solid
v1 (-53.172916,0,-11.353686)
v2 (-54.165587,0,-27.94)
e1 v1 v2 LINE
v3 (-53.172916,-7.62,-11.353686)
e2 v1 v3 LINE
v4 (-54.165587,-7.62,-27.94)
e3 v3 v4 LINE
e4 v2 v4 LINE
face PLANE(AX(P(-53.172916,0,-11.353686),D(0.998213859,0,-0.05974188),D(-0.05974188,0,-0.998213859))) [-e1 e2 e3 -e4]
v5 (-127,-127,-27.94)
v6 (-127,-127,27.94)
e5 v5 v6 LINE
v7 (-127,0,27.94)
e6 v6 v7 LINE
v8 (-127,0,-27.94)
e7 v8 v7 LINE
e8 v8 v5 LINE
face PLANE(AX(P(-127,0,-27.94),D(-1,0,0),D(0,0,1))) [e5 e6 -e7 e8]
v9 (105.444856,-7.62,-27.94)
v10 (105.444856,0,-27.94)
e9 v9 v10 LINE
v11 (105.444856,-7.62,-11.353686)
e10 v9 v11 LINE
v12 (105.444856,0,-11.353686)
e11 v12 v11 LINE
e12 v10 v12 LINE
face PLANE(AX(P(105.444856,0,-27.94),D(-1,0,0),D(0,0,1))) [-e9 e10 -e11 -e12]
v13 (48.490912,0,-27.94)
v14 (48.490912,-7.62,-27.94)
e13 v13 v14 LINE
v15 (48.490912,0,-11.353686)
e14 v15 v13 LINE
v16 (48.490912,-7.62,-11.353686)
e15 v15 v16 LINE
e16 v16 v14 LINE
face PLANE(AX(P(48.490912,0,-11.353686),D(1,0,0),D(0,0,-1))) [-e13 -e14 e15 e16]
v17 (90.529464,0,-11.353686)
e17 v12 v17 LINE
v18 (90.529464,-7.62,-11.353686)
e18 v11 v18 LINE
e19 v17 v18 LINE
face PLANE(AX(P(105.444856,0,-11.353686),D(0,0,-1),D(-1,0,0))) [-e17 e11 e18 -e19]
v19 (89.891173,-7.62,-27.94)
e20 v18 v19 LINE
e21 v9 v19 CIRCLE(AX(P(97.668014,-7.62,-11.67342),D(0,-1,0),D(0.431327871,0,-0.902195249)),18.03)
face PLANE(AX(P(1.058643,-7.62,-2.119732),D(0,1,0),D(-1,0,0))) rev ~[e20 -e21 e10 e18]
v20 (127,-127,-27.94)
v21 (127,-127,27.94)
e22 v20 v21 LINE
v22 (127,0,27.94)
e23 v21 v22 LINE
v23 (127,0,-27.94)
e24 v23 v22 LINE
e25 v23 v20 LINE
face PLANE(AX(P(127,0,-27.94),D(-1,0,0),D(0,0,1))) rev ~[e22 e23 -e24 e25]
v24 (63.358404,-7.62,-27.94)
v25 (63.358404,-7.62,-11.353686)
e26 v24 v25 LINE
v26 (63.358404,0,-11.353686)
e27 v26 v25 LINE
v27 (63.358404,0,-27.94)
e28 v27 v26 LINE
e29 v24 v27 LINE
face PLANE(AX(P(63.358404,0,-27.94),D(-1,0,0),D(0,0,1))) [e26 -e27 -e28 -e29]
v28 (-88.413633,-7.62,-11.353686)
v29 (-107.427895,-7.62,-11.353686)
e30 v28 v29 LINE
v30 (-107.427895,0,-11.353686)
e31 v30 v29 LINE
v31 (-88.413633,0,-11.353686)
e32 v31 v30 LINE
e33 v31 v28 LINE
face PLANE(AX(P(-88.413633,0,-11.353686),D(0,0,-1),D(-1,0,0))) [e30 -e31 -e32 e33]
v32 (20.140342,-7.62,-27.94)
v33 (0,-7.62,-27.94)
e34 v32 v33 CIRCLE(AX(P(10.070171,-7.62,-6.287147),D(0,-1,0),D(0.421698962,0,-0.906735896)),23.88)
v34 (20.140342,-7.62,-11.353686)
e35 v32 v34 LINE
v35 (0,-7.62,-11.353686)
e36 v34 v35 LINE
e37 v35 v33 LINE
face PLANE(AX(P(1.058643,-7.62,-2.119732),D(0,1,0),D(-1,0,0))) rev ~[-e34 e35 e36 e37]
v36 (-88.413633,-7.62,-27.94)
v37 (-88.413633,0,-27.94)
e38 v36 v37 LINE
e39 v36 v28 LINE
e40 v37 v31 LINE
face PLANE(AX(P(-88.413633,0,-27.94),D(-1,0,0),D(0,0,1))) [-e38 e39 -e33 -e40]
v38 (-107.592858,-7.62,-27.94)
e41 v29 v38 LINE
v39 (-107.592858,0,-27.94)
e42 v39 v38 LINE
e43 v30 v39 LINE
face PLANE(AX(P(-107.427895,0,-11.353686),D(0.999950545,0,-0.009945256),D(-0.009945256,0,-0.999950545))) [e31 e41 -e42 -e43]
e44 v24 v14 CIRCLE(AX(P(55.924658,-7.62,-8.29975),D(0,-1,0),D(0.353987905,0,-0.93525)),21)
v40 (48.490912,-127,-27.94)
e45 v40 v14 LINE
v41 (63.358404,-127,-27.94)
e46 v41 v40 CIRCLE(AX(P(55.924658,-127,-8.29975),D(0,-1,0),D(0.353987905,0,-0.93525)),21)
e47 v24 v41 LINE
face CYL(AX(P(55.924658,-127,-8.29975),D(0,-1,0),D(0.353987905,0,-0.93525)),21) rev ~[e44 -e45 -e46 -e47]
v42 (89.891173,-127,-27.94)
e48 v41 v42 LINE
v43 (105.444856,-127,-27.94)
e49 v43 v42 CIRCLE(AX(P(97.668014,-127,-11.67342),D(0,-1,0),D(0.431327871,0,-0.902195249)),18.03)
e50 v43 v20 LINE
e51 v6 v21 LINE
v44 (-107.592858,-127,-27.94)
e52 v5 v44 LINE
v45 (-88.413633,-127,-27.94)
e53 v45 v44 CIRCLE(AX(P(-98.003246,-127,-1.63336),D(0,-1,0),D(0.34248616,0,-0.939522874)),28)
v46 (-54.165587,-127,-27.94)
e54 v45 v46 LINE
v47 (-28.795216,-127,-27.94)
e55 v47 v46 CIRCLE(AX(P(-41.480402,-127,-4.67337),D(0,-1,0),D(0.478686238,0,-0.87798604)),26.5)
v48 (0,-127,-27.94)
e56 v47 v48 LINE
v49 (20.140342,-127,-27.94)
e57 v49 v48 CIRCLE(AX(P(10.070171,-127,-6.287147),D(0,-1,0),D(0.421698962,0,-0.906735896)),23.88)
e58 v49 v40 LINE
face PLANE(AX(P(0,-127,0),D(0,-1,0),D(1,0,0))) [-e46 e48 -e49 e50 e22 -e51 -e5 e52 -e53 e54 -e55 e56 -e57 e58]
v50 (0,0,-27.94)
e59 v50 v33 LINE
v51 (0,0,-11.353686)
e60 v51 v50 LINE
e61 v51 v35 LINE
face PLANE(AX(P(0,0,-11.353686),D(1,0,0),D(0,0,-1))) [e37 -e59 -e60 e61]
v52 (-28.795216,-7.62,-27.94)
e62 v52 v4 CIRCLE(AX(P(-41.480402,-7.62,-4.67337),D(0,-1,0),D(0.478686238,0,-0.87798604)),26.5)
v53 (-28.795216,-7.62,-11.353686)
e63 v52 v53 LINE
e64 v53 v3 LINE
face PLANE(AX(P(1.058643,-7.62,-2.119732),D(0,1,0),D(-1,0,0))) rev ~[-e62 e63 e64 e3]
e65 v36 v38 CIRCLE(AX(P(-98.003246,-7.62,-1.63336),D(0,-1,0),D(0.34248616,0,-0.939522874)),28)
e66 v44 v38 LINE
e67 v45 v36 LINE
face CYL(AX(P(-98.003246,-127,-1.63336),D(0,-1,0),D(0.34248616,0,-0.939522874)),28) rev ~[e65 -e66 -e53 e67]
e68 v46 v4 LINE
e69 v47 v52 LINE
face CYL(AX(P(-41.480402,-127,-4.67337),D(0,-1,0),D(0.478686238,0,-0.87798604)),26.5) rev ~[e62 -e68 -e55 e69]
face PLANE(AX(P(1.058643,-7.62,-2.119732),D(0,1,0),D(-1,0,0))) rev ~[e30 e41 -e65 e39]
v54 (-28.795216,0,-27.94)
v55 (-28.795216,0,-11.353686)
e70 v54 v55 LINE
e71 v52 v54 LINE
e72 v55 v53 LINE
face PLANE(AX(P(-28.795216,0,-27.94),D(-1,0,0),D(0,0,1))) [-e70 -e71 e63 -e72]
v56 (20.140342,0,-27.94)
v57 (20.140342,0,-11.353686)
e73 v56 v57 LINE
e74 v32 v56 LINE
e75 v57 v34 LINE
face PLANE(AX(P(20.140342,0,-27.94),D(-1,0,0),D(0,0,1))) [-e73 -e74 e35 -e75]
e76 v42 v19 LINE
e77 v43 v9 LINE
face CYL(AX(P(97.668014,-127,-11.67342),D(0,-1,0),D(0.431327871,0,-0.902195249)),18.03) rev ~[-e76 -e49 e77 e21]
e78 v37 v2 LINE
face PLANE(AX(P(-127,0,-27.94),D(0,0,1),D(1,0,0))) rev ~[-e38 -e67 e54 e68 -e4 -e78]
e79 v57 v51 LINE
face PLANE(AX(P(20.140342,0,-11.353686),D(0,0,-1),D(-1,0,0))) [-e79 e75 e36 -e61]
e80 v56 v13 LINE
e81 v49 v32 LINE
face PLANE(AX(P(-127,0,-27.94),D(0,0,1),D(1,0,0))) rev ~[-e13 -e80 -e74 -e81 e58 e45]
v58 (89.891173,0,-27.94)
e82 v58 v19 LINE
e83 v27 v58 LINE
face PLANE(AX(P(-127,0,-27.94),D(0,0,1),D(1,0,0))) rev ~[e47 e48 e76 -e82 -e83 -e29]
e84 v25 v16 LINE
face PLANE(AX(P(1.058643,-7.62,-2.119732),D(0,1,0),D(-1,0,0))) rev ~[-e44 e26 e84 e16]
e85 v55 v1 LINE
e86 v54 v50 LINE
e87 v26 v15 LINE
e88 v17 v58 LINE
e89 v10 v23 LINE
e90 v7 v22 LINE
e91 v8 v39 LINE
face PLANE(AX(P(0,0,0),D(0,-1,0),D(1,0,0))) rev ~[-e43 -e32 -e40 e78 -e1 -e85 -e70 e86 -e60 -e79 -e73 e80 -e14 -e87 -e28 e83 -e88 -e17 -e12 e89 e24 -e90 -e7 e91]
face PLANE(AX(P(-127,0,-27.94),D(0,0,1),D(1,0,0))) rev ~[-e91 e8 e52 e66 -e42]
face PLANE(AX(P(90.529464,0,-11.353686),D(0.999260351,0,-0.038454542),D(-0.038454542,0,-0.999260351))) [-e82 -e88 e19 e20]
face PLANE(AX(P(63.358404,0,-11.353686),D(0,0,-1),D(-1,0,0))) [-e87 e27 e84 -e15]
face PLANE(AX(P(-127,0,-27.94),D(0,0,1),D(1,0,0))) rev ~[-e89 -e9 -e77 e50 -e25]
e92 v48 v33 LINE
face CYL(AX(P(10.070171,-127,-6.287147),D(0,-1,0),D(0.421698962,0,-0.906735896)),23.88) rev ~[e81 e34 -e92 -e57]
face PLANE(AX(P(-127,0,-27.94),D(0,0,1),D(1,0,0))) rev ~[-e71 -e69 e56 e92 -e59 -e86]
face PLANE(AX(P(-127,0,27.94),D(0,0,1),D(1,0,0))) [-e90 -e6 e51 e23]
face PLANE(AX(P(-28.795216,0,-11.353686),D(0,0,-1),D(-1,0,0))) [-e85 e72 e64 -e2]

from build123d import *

# Parameters (mm, degrees)
F0_W      = 254
F0_H      = 55.88
F1_DEPTH  = 127
F7_DEPTH  = 251.46
F8_DEPTH  = 251.46
F9_DEPTH  = 251.46
F10_DEPTH = 251.46
F11_DEPTH = 251.46
F12_W     = 18.410387516
F12_H     = 1.8
F12_W_2   = 28.7952162325
F12_W_3   = 28.3505693078
F12_W_4   = 10.2531584787
F13_DEPTH = 28.702
F14_W     = 21.5115528554
F14_H     = 27.94
F14_W_2   = 16.9484987855
F15_DEPTH = 76.2
F17_DEPTH = 7.62


with BuildPart() as f1:
    # F0 (on Front) → F1 (new body)
    with BuildSketch(Plane.XZ):
        Rectangle(F0_W, F0_H)
    extrude(amount=F1_DEPTH)

    # F6 (on face) → F7 (cut)
    with BuildSketch(Plane.XZ.offset(127)):
        with BuildLine():
            ThreePointArc((105.444855988, -27.94), (97.6680144668, 6.3565803399), (89.8911729455, -27.94))
            Line((89.8911729455, -27.94), (105.444855988, -27.94))
        make_face()
    extrude(amount=-F7_DEPTH, mode=Mode.SUBTRACT)

    # F5 (on face) → F8 (cut)
    with BuildSketch(Plane.XZ.offset(127)):
        with BuildLine():
            ThreePointArc((63.3584037423, -27.94), (55.9246577322, 12.700250005), (48.4909117222, -27.94))
            Line((48.4909117222, -27.94), (63.3584037423, -27.94))
        make_face()
    extrude(amount=-F8_DEPTH, mode=Mode.SUBTRACT)

    # F4 (on face) → F9 (cut)
    with BuildSketch(Plane.XZ.offset(127)):
        with BuildLine():
            ThreePointArc((20.1403424144, -27.94), (10.0701712072, 17.5928532036), (0, -27.94))
            Line((0, -27.94), (20.1403424144, -27.94))
        make_face()
    extrude(amount=-F9_DEPTH, mode=Mode.SUBTRACT)

    # F3 (on face) → F10 (cut)
    with BuildSketch(Plane.XZ.offset(127)):
        with BuildLine():
            ThreePointArc((-28.7952162325, -27.94), (-41.4804015309, 21.8266300514), (-54.1655868292, -27.94))
            Line((-54.1655868292, -27.94), (-28.7952162325, -27.94))
        make_face()
    extrude(amount=-F10_DEPTH, mode=Mode.SUBTRACT)

    # F2 (on face) → F11 (cut)
    with BuildSketch(Plane.XZ.offset(127)):
        with BuildLine():
            Line((-107.5928583741, -27.94), (-88.4136334062, -27.94))
            ThreePointArc((-88.4136334062, -27.94), (-98.0032458901, 26.3666404622), (-107.5928583741, -27.94))
        make_face()
    extrude(amount=-F11_DEPTH, mode=Mode.SUBTRACT)

    # F12 (on face) → F13 (cut)
    with BuildSketch(Plane(origin=(0, 0, -27.94), x_dir=(1, 0, 0), z_dir=(0, 0, -1))):
        with Locations((-116.7980521321, 3.44)):
            Rectangle(F12_W, F12_H)
        Polygon((-70.0032458901, 4.34), (-88.4136334062, 4.34), (-88.4136334062, 2.54), (-70.0032458901, 2.54), (-54.1655868292, 2.54), (-54.1655868292, 4.34), align=None)
        with Locations((-14.3976081163, 3.44)):
            Rectangle(F12_W_2, F12_H)
        with Locations((34.3156270683, 3.44)):
            Rectangle(F12_W_3, F12_H)
        Polygon((89.8911729455, 4.34), (63.3584037423, 4.34), (63.3584037423, 2.54), (79.6380144668, 2.54), (89.8911729455, 2.54), align=None)
        with Locations((110.5714352274, 3.44)):
            Rectangle(F12_W_4, F12_H)
    extrude(amount=-F13_DEPTH, mode=Mode.SUBTRACT)

    # F14 (on face) → F15 (cut)
    with BuildSketch(Plane(origin=(0, 0, 0), x_dir=(-1, 0, 0), z_dir=(0, 1, 0))):
        Polygon((-91.1045372486, -21.9016313345), (-104.6037971973, -25.1468683294), (-104.6037971973, -27.94), (-91.1045372486, -27.94), align=None)
        Polygon((-104.6037971973, 0), (-104.6037971973, -25.1468683294), (-91.1045372486, -21.9016313345), (-91.1045372486, 0), align=None)
        with BuildLine():
            Line((-48.8363243639, -11.7403062927), (-63.663393259, -15.3047500242))
            Line((-63.663393259, -15.3047500242), (-63.663393259, -27.8218393414))
            ThreePointArc((-63.663393259, -27.8218393414), (-63.5111285509, -27.8815134631), (-63.3584037423, -27.94))
            Line((-63.3584037423, -27.94), (-48.8363243639, -27.94))
            Line((-48.8363243639, -27.94), (-48.8363243639, -11.7403062927))
        make_face()
        Polygon((-63.663393259, 0), (-63.663393259, -15.3047500242), (-48.8363243639, -11.7403062927), (-48.8363243639, 0), align=None)
        with BuildLine():
            ThreePointArc((-81.4663434771, -19.5845989112), (-101.8823771095, 5.857126467), (-108.5034271854, -26.0843436838))
            Line((-108.5034271854, -26.0843436838), (-104.6037971973, -25.1468683294))
            Line((-104.6037971973, -25.1468683294), (-104.6037971973, 0))
            Line((-104.6037971973, 0), (-91.1045372486, 0))
            Line((-91.1045372486, 0), (-91.1045372486, -21.9016313345))
            Line((-91.1045372486, -21.9016313345), (-81.4663434771, -19.5845989112))
        make_face()
        with Locations((40.9021200612, -13.97)):
            Rectangle(F14_W, F14_H)
        with Locations((99.0267731249, -13.97)):
            Rectangle(F14_W_2, F14_H)
    extrude(amount=-F15_DEPTH, mode=Mode.SUBTRACT)

    # F16 (on face) → F17 (join)
    with BuildSketch(Plane(origin=(0, 0, 0), x_dir=(-1, 0, 0), z_dir=(0, 1, 0))):
        Polygon((127, 27.94), (-127, 27.94), (-127, -27.94), (-105.444855988, -27.94), (-105.444855988, -11.3536855206), (-90.5294641852, -11.3536855206), (-89.8911729455, -27.94), (-63.3584037423, -27.94), (-63.3584037423, -11.3536855206), (-48.4909117222, -11.3536855206), (-48.4909117222, -27.94), (-20.1403424144, -27.94), (-20.1403424144, -11.3536855206), (0, -11.3536855206), (0, -27.94), (28.7952162325, -27.94), (28.7952162325, -11.3536855206), (53.1729161739, -11.3536855206), (54.1655868292, -27.94), (88.4136334062, -27.94), (88.4136334062, -11.3536855206), (107.4278950691, -11.3536855206), (107.5928583741, -27.94), (127, -27.94), align=None)
    extrude(amount=-F17_DEPTH)


solid = f1.part
